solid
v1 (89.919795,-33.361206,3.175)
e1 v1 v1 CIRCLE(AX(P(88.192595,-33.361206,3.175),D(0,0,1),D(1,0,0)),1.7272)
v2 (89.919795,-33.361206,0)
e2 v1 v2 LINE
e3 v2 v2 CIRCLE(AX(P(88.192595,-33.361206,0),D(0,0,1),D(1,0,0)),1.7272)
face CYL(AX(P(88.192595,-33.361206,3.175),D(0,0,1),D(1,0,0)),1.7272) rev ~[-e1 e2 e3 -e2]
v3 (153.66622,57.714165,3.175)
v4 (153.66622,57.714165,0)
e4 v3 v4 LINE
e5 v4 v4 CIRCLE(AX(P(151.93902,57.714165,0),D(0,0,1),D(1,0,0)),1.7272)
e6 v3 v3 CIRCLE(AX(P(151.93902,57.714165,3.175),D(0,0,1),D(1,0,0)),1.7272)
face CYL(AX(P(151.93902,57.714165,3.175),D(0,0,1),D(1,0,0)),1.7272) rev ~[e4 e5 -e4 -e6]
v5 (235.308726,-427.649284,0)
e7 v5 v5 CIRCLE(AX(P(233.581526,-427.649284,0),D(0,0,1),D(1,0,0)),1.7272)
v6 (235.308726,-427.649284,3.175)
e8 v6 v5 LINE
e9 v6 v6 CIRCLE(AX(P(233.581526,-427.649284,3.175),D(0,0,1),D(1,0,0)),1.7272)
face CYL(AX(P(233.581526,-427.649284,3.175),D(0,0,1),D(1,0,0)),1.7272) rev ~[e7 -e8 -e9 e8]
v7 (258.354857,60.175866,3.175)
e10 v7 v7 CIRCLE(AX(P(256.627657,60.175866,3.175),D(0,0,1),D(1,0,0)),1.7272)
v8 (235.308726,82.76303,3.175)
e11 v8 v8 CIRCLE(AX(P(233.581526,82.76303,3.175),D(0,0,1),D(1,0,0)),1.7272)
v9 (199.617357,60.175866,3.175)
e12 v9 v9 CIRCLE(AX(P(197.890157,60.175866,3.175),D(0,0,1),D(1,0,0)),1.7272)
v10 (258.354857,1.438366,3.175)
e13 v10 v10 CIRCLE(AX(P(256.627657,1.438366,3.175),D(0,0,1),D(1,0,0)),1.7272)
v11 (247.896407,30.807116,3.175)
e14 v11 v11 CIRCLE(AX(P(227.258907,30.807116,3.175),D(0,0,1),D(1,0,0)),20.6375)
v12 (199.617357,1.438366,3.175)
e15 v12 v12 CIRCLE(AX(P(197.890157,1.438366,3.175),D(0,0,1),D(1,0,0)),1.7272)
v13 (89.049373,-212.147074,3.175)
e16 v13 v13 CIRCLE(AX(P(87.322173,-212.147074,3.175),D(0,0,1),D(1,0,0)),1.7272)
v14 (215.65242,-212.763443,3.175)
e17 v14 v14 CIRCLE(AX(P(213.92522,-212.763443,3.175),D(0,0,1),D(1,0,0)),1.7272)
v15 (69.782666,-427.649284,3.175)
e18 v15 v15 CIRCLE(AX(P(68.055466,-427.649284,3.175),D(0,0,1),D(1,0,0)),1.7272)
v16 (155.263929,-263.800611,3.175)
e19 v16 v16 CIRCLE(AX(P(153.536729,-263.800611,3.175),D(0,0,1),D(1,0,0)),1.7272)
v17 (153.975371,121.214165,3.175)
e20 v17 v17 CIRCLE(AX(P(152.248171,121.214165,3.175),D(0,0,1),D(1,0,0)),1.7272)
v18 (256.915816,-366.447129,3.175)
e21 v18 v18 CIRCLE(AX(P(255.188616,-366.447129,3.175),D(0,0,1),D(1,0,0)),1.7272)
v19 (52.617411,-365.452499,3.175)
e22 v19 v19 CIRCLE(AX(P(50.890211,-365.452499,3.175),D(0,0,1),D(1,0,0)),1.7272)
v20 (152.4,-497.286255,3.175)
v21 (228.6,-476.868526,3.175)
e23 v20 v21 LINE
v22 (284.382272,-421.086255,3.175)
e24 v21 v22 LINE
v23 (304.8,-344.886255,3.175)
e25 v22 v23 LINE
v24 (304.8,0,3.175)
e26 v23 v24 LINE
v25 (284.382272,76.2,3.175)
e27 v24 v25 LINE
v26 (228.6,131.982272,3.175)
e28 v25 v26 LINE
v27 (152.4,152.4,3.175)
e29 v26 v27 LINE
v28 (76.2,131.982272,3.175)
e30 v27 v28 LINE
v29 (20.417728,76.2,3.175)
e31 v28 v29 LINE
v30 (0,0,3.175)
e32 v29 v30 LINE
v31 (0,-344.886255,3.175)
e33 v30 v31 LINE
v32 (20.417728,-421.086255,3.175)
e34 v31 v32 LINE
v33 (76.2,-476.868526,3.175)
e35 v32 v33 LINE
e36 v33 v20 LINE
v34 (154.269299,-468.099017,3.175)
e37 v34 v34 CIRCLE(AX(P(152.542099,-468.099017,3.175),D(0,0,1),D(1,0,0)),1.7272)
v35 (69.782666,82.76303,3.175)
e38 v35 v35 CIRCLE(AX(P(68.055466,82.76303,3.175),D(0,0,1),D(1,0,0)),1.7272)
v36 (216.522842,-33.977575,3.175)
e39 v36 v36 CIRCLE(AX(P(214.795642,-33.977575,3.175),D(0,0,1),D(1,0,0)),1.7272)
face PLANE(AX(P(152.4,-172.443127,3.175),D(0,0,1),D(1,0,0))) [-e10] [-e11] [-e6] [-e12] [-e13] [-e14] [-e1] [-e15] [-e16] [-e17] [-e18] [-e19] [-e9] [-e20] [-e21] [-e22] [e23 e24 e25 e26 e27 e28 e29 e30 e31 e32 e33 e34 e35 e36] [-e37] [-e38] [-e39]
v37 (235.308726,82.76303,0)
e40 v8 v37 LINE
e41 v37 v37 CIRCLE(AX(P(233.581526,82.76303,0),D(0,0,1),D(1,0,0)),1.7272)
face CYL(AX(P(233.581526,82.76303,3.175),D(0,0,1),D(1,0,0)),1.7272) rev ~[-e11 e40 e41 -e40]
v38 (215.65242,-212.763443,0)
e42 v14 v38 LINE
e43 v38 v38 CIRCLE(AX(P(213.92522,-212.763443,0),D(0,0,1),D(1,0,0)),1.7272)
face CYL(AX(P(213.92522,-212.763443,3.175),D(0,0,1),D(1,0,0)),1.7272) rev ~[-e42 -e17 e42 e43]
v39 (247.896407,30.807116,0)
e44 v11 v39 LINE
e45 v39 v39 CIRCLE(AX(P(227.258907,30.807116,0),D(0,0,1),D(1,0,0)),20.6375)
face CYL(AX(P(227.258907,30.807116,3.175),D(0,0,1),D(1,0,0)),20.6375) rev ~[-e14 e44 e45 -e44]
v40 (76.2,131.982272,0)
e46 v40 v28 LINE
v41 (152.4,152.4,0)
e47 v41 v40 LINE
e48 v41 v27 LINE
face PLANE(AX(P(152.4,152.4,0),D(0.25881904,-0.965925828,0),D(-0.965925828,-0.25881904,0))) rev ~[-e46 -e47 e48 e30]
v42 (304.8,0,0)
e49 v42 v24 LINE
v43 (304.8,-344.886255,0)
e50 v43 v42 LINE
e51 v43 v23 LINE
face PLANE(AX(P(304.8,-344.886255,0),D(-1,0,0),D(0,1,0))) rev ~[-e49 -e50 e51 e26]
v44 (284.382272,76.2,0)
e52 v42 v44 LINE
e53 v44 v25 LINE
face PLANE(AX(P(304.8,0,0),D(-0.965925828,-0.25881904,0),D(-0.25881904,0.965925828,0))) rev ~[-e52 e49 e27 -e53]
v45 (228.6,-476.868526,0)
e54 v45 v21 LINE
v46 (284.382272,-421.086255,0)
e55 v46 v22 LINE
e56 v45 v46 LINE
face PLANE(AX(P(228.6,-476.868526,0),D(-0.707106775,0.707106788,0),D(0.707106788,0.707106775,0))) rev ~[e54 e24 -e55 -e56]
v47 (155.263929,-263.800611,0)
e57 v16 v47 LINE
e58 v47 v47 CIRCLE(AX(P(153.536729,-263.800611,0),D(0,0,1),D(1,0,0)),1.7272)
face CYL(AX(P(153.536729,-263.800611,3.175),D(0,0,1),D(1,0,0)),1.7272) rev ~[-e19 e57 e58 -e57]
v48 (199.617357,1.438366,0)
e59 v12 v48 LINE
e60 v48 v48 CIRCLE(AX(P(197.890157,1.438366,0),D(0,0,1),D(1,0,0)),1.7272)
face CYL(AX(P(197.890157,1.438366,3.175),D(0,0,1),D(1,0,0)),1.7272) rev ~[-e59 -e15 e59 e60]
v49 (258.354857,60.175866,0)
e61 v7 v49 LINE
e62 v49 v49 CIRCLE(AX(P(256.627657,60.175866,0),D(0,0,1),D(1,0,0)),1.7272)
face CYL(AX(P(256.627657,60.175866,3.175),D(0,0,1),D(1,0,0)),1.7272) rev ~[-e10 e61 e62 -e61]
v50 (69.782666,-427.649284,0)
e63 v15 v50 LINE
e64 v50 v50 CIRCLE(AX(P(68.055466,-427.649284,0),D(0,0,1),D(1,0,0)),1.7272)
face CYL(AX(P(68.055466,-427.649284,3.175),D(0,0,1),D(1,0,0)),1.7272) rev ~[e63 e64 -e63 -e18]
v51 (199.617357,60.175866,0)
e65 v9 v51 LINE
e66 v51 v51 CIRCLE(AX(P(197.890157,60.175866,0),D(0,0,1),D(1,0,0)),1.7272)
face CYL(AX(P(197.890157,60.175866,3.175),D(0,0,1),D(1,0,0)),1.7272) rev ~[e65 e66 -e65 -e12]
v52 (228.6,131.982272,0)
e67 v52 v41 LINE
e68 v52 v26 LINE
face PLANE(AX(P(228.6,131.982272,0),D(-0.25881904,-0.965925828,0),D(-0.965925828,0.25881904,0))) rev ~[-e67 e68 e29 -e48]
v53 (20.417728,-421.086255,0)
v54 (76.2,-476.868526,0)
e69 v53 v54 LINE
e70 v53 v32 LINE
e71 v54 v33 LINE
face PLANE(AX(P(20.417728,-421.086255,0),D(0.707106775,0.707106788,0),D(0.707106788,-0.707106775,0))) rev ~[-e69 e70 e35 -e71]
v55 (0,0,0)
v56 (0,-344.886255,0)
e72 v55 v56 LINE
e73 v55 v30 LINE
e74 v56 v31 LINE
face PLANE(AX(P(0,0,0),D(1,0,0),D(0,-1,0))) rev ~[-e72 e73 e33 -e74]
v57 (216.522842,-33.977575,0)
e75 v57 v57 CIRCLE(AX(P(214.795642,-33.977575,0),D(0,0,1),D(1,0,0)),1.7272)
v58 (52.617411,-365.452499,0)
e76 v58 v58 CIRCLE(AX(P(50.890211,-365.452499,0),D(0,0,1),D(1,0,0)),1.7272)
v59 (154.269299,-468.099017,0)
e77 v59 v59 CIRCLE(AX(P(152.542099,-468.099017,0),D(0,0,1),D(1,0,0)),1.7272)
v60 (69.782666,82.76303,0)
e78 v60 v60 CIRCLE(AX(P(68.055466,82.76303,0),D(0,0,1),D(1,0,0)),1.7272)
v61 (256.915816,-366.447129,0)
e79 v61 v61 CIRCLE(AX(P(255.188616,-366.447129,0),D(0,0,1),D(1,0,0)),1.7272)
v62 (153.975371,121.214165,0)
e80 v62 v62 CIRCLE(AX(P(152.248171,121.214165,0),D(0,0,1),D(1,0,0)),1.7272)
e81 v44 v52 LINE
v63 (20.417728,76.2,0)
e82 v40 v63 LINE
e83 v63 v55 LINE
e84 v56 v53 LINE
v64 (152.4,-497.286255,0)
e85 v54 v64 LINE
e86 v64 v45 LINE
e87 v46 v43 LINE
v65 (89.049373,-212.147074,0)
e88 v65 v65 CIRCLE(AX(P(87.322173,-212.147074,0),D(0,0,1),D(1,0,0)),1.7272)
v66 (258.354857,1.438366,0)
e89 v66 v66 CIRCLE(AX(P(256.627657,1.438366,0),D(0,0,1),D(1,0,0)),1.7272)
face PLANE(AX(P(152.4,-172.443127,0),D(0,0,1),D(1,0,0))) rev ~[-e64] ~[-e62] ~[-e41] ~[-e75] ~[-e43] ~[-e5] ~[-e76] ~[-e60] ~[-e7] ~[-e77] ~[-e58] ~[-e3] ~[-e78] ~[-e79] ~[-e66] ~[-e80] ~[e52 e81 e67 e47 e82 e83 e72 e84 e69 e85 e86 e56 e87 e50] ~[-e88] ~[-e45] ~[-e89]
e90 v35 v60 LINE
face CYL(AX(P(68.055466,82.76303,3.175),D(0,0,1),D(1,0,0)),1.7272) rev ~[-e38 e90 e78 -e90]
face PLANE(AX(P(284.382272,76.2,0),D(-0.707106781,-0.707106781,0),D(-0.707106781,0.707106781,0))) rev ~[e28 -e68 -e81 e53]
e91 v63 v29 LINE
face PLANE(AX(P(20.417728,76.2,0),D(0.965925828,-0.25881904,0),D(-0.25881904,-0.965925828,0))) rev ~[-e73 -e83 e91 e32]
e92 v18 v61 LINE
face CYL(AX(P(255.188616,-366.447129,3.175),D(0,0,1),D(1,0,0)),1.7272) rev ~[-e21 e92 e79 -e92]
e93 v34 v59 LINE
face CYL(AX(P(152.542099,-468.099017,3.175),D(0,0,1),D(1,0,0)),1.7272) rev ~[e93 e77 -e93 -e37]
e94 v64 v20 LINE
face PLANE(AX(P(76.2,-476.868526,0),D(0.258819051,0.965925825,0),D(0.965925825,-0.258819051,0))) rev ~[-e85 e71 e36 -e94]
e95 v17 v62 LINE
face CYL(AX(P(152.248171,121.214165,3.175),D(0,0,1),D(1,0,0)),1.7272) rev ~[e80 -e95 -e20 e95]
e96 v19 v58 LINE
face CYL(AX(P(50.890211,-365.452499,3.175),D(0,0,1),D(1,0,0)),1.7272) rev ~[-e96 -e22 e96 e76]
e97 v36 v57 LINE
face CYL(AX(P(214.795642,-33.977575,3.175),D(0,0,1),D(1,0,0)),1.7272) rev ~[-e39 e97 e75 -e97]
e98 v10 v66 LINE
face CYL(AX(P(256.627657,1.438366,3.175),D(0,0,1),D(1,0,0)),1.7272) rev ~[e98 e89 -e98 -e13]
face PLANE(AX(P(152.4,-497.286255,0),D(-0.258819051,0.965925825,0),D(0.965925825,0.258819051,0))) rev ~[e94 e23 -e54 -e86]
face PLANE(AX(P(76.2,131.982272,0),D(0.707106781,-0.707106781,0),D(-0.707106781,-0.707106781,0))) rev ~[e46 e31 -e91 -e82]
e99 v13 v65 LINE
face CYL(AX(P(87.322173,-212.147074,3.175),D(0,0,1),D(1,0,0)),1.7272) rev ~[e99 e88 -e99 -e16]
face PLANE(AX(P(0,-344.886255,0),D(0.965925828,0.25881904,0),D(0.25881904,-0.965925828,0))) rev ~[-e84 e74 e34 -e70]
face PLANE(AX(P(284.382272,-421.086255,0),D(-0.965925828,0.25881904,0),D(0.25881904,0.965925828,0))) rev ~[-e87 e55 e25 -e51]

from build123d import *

# Parameters (mm, degrees)
F1_DEPTH = 3.175
F2_R     = 20.6375
F2_R_2   = 1.7272
F3_DEPTH = 3.175


with BuildPart() as f1:
    # F0 (on Top) → F1 (new body)
    with BuildSketch(Plane.XY):
        Polygon((304.8, -344.886255), (304.8, 0), (284.382272, 76.2), (228.6, 131.982272), (152.4, 152.4), (76.2, 131.982272), (20.417728, 76.2), (0, 0), (0, -344.886255), (20.417728, -421.086255), (76.2, -476.868526), (152.4, -497.286255), (228.6, -476.868526), (284.382272, -421.086255), align=None)
    extrude(amount=F1_DEPTH)

    # F2 (on face) → F3 (cut, through all)
    with BuildSketch(Plane.XY.offset(3.175)):
        with Locations((227.258907, 30.807116)):
            Circle(F2_R)
        with Locations((88.192595, -33.361206)):
            Circle(F2_R_2)
        with Locations((214.795642, -33.977575)):
            Circle(F2_R_2)
        with Locations((197.890157, 1.438366)):
            Circle(F2_R_2)
        with Locations((256.627657, 1.438366)):
            Circle(F2_R_2)
        with Locations((256.627657, 60.175866)):
            Circle(F2_R_2)
        with Locations((197.890157, 60.175866)):
            Circle(F2_R_2)
        with Locations((213.92522, -212.763443)):
            Circle(F2_R_2)
        with Locations((87.322173, -212.147074)):
            Circle(F2_R_2)
        with Locations((152.542099, -468.099017)):
            Circle(F2_R_2)
        with Locations((255.188616, -366.447129)):
            Circle(F2_R_2)
        with Locations((153.536729, -263.800611)):
            Circle(F2_R_2)
        with Locations((50.890211, -365.452499)):
            Circle(F2_R_2)
        with Locations((152.248171, 121.214165)):
            Circle(F2_R_2)
        with Locations((151.93902, 57.714165)):
            Circle(F2_R_2)
        with Locations((68.055466, 82.76303)):
            Circle(F2_R_2)
        with Locations((233.581526, 82.76303)):
            Circle(F2_R_2)
        with Locations((68.055466, -427.649284)):
            Circle(F2_R_2)
        with Locations((233.581526, -427.649284)):
            Circle(F2_R_2)
    extrude(amount=-F3_DEPTH, mode=Mode.SUBTRACT)


solid = f1.part
